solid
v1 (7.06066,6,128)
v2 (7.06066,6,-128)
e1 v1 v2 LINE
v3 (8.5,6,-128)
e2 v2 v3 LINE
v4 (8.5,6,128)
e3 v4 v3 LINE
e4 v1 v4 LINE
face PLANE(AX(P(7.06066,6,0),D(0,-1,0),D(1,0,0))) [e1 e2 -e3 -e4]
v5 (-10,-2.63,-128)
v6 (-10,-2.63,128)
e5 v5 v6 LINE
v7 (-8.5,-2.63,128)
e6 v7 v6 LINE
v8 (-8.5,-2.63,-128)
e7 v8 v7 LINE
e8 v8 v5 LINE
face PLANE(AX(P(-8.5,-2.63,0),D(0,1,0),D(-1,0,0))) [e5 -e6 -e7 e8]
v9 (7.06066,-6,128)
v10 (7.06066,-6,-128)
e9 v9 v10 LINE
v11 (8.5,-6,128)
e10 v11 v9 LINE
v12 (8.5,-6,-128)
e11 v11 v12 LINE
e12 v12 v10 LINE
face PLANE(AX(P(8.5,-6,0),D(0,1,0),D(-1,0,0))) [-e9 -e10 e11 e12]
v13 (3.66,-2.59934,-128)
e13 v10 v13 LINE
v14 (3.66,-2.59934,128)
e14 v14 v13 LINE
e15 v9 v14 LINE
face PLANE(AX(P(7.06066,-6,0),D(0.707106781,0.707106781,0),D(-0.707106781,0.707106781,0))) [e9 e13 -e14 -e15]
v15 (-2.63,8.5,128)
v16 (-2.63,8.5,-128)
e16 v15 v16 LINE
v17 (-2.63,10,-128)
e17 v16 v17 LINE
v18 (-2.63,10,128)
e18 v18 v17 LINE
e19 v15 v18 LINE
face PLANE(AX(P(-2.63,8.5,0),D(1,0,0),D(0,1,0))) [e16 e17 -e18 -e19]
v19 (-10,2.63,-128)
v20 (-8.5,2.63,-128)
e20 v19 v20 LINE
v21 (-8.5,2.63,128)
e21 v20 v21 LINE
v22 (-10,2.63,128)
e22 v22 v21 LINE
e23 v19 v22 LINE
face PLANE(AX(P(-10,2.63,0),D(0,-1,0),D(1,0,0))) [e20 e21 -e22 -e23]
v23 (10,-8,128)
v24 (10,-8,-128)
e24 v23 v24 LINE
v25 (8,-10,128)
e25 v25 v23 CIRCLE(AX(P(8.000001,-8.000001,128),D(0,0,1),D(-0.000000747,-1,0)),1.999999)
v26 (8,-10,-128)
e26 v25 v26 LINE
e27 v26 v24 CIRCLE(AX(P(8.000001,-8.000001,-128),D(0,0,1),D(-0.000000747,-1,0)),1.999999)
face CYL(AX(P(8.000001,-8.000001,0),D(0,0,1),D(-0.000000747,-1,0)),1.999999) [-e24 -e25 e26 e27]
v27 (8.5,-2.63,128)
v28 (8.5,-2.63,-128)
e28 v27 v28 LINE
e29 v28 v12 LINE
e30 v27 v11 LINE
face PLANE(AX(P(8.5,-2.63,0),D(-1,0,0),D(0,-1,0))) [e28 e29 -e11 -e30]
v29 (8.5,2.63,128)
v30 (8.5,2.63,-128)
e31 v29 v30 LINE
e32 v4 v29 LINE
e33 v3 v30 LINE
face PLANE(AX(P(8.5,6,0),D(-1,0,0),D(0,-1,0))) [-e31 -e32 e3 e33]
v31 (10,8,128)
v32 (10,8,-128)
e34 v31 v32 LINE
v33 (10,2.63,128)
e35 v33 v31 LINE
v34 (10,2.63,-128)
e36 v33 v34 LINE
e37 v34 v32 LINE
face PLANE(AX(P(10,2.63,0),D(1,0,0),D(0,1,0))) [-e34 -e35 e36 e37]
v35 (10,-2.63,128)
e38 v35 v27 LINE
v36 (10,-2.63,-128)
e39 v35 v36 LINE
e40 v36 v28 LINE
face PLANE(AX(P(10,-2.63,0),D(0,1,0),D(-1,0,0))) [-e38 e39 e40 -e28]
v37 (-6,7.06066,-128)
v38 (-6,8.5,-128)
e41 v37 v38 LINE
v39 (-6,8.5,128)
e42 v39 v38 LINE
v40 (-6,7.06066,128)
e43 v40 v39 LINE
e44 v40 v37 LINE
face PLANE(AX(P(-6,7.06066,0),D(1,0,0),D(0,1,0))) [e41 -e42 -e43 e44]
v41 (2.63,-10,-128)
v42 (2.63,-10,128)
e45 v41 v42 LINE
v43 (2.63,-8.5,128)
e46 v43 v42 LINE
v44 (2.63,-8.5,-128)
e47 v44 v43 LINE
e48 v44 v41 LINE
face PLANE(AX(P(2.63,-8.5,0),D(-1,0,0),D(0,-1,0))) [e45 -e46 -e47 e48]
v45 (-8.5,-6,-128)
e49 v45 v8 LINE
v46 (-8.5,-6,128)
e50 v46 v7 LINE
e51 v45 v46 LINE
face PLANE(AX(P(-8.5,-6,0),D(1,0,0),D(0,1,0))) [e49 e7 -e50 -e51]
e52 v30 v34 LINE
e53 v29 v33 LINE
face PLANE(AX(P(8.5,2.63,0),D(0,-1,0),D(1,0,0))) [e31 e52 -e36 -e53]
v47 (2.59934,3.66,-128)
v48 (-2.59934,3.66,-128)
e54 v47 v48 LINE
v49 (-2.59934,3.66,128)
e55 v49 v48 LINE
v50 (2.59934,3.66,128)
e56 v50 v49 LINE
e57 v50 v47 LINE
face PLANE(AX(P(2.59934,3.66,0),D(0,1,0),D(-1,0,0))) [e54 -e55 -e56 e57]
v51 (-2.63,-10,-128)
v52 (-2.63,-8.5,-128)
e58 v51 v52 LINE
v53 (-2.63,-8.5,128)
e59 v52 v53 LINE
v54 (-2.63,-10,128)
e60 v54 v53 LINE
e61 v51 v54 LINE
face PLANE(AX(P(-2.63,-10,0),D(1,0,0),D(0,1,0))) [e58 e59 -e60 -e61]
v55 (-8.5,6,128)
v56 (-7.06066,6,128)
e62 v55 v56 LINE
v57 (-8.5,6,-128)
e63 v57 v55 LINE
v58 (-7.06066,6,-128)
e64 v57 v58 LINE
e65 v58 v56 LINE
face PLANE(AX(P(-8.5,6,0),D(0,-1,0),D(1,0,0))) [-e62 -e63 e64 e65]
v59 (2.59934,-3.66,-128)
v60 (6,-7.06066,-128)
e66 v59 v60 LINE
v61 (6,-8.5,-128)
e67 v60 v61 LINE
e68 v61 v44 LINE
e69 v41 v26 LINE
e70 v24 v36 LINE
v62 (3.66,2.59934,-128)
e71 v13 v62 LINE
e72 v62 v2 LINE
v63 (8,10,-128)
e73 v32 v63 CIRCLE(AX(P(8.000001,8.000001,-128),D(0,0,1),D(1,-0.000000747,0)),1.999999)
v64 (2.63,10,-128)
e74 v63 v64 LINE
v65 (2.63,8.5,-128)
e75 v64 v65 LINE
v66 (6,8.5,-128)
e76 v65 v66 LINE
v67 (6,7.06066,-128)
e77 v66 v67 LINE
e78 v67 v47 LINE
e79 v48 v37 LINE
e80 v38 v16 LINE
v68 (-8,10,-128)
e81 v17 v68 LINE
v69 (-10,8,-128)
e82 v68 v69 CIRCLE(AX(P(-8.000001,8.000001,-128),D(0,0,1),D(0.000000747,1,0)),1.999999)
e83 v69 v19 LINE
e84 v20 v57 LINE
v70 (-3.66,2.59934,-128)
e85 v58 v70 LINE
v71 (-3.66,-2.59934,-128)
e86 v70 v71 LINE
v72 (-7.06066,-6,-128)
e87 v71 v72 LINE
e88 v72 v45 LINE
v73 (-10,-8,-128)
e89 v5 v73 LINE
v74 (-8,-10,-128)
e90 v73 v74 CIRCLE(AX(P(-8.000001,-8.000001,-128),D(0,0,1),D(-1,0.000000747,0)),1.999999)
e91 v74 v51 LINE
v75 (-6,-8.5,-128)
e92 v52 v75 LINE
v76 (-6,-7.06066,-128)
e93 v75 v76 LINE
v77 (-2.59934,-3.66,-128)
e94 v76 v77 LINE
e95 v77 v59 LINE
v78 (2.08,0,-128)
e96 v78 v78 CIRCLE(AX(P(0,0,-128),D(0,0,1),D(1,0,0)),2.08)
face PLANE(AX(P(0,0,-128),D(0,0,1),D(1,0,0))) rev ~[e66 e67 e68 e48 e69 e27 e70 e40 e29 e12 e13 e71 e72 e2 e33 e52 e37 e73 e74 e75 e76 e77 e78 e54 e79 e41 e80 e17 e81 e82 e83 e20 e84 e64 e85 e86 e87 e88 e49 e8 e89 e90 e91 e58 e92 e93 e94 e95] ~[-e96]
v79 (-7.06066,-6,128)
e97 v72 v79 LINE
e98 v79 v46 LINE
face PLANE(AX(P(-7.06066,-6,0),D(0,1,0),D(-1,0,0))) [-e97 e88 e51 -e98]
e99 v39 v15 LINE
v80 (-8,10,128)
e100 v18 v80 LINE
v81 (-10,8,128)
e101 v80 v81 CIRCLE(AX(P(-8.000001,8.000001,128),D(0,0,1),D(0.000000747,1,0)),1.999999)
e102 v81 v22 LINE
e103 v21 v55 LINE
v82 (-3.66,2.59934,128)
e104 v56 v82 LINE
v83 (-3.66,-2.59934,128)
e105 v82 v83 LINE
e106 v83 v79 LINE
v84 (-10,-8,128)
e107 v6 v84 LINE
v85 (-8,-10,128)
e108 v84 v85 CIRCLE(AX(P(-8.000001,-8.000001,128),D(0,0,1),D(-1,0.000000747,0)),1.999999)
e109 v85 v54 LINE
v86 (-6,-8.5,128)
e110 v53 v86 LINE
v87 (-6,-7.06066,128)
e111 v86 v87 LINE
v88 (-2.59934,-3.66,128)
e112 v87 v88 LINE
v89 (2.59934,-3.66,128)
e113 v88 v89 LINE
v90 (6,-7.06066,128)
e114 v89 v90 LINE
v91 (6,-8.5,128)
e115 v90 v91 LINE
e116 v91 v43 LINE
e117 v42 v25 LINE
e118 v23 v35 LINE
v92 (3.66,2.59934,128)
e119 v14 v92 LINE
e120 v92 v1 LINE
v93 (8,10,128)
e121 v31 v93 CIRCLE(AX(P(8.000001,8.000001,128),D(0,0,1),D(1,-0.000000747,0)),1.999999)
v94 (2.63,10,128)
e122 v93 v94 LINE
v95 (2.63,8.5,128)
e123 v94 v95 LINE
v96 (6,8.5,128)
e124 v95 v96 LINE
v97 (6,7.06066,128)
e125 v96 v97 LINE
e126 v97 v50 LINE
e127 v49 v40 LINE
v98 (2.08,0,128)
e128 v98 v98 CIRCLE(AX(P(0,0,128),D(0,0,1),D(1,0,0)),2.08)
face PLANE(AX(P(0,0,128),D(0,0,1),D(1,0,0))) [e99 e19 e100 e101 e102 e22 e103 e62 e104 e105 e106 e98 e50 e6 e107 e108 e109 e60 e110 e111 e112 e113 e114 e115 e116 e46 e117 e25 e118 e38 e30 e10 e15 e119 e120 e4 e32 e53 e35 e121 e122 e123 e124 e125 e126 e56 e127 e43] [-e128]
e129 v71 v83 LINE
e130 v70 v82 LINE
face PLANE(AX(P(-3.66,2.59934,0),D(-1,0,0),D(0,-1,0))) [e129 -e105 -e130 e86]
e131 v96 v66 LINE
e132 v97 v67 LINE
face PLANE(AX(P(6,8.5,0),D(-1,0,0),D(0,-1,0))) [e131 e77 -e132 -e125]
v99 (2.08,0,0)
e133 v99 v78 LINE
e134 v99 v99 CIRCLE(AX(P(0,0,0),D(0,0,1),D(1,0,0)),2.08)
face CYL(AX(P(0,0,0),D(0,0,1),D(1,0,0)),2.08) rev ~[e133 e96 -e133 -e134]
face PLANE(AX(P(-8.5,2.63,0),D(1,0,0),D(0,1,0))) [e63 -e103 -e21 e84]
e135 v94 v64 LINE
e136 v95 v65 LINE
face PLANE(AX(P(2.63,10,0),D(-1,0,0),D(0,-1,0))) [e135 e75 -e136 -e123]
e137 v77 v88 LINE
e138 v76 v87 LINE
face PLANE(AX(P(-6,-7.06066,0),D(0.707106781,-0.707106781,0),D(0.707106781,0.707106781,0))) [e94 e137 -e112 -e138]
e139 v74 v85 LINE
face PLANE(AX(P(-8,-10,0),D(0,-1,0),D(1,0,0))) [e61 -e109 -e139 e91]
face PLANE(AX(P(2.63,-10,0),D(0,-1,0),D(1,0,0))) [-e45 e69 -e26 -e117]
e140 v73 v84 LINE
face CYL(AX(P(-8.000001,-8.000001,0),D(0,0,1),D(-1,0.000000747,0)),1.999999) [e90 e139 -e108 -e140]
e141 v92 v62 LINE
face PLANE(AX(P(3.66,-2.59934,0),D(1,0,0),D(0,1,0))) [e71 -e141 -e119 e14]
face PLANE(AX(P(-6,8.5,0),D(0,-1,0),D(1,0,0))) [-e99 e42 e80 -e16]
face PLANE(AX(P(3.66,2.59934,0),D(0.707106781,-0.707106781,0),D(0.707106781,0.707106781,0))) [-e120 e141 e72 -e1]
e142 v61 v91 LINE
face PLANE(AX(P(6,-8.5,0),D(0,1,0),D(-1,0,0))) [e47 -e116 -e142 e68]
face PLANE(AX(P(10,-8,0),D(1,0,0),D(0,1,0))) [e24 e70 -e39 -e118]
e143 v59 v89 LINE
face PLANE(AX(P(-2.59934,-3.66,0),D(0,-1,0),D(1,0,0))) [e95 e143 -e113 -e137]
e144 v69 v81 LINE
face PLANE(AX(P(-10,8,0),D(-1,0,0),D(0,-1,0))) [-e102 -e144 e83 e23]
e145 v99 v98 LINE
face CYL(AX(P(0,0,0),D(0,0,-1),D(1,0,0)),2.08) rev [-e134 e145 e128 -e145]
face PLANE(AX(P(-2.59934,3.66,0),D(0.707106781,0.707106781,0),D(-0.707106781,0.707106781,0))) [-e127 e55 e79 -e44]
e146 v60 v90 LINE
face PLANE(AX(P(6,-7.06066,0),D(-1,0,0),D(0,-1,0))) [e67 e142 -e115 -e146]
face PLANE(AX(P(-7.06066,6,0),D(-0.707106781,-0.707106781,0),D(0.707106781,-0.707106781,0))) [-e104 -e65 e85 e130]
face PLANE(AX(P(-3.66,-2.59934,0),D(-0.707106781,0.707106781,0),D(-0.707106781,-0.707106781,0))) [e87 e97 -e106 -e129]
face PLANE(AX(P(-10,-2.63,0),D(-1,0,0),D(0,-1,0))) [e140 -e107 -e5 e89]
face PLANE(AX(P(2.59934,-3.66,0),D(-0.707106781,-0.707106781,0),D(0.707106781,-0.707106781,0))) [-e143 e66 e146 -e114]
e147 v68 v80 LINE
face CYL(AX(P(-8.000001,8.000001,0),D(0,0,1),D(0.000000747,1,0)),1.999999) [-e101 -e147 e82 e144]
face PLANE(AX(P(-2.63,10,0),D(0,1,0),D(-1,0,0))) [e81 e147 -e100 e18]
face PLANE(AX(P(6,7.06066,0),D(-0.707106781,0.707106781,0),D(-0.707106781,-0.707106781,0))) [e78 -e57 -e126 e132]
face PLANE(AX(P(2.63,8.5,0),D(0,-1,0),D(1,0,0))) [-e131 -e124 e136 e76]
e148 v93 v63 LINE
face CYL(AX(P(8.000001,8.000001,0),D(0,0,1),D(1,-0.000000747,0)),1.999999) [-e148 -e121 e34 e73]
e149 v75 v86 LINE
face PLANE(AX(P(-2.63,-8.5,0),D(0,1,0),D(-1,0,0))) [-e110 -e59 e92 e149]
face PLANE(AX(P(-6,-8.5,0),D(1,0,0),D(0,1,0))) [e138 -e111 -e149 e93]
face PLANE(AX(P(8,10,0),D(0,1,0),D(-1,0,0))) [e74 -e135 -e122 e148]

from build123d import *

# Parameters (mm, degrees)
F0_R          = 2.08
F1_DEPTH      = 128
F1_DEPTH_BACK = 128


with BuildPart() as f1:
    # F0 (on Top) → F1 (new body, two sides)
    with BuildSketch(Plane.XY) as f1_sk:
        with BuildLine():
            Line((-2.63, 10), (-8, 10))
            ThreePointArc((-8, 10), (-9.414214, 9.414214), (-10, 8))
            Line((-10, 8), (-10, 2.63))
            Line((-10, 2.63), (-8.5, 2.63))
            Line((-8.5, 2.63), (-8.5, 6))
            Line((-8.5, 6), (-7.06066, 6))
            Line((-7.06066, 6), (-3.66, 2.59934))
            Line((-3.66, 2.59934), (-3.66, -2.59934))
            Line((-3.66, -2.59934), (-7.06066, -6))
            Line((-7.06066, -6), (-8.5, -6))
            Line((-8.5, -6), (-8.5, -2.63))
            Line((-8.5, -2.63), (-10, -2.63))
            Line((-10, -2.63), (-10, -8))
            ThreePointArc((-10, -8), (-9.414214, -9.414214), (-8, -10))
            Line((-8, -10), (-2.63, -10))
            Line((-2.63, -10), (-2.63, -8.5))
            Line((-2.63, -8.5), (-6, -8.5))
            Line((-6, -8.5), (-6, -7.06066))
            Line((-6, -7.06066), (-2.59934, -3.66))
            Line((-2.59934, -3.66), (2.59934, -3.66))
            Line((2.59934, -3.66), (6, -7.06066))
            Line((6, -7.06066), (6, -8.5))
            Line((6, -8.5), (2.63, -8.5))
            Line((2.63, -8.5), (2.63, -10))
            Line((2.63, -10), (8, -10))
            ThreePointArc((8, -10), (9.414214, -9.414214), (10, -8))
            Line((10, -8), (10, -2.63))
            Line((10, -2.63), (8.5, -2.63))
            Line((8.5, -2.63), (8.5, -6))
            Line((8.5, -6), (7.06066, -6))
            Line((7.06066, -6), (3.66, -2.59934))
            Line((3.66, -2.59934), (3.66, 2.59934))
            Line((3.66, 2.59934), (7.06066, 6))
            Line((7.06066, 6), (8.5, 6))
            Line((8.5, 6), (8.5, 2.63))
            Line((8.5, 2.63), (10, 2.63))
            Line((10, 2.63), (10, 8))
            ThreePointArc((10, 8), (9.414214, 9.414214), (8, 10))
            Line((8, 10), (2.63, 10))
            Line((2.63, 10), (2.63, 8.5))
            Line((2.63, 8.5), (6, 8.5))
            Line((6, 8.5), (6, 7.06066))
            Line((6, 7.06066), (2.59934, 3.66))
            Line((2.59934, 3.66), (-2.59934, 3.66))
            Line((-2.59934, 3.66), (-6, 7.06066))
            Line((-6, 7.06066), (-6, 8.5))
            Line((-6, 8.5), (-2.63, 8.5))
            Line((-2.63, 8.5), (-2.63, 10))
        make_face()
        Circle(F0_R, mode=Mode.SUBTRACT)
    extrude(amount=F1_DEPTH)
    extrude(f1_sk.sketch, amount=-F1_DEPTH_BACK)


solid = f1.part
